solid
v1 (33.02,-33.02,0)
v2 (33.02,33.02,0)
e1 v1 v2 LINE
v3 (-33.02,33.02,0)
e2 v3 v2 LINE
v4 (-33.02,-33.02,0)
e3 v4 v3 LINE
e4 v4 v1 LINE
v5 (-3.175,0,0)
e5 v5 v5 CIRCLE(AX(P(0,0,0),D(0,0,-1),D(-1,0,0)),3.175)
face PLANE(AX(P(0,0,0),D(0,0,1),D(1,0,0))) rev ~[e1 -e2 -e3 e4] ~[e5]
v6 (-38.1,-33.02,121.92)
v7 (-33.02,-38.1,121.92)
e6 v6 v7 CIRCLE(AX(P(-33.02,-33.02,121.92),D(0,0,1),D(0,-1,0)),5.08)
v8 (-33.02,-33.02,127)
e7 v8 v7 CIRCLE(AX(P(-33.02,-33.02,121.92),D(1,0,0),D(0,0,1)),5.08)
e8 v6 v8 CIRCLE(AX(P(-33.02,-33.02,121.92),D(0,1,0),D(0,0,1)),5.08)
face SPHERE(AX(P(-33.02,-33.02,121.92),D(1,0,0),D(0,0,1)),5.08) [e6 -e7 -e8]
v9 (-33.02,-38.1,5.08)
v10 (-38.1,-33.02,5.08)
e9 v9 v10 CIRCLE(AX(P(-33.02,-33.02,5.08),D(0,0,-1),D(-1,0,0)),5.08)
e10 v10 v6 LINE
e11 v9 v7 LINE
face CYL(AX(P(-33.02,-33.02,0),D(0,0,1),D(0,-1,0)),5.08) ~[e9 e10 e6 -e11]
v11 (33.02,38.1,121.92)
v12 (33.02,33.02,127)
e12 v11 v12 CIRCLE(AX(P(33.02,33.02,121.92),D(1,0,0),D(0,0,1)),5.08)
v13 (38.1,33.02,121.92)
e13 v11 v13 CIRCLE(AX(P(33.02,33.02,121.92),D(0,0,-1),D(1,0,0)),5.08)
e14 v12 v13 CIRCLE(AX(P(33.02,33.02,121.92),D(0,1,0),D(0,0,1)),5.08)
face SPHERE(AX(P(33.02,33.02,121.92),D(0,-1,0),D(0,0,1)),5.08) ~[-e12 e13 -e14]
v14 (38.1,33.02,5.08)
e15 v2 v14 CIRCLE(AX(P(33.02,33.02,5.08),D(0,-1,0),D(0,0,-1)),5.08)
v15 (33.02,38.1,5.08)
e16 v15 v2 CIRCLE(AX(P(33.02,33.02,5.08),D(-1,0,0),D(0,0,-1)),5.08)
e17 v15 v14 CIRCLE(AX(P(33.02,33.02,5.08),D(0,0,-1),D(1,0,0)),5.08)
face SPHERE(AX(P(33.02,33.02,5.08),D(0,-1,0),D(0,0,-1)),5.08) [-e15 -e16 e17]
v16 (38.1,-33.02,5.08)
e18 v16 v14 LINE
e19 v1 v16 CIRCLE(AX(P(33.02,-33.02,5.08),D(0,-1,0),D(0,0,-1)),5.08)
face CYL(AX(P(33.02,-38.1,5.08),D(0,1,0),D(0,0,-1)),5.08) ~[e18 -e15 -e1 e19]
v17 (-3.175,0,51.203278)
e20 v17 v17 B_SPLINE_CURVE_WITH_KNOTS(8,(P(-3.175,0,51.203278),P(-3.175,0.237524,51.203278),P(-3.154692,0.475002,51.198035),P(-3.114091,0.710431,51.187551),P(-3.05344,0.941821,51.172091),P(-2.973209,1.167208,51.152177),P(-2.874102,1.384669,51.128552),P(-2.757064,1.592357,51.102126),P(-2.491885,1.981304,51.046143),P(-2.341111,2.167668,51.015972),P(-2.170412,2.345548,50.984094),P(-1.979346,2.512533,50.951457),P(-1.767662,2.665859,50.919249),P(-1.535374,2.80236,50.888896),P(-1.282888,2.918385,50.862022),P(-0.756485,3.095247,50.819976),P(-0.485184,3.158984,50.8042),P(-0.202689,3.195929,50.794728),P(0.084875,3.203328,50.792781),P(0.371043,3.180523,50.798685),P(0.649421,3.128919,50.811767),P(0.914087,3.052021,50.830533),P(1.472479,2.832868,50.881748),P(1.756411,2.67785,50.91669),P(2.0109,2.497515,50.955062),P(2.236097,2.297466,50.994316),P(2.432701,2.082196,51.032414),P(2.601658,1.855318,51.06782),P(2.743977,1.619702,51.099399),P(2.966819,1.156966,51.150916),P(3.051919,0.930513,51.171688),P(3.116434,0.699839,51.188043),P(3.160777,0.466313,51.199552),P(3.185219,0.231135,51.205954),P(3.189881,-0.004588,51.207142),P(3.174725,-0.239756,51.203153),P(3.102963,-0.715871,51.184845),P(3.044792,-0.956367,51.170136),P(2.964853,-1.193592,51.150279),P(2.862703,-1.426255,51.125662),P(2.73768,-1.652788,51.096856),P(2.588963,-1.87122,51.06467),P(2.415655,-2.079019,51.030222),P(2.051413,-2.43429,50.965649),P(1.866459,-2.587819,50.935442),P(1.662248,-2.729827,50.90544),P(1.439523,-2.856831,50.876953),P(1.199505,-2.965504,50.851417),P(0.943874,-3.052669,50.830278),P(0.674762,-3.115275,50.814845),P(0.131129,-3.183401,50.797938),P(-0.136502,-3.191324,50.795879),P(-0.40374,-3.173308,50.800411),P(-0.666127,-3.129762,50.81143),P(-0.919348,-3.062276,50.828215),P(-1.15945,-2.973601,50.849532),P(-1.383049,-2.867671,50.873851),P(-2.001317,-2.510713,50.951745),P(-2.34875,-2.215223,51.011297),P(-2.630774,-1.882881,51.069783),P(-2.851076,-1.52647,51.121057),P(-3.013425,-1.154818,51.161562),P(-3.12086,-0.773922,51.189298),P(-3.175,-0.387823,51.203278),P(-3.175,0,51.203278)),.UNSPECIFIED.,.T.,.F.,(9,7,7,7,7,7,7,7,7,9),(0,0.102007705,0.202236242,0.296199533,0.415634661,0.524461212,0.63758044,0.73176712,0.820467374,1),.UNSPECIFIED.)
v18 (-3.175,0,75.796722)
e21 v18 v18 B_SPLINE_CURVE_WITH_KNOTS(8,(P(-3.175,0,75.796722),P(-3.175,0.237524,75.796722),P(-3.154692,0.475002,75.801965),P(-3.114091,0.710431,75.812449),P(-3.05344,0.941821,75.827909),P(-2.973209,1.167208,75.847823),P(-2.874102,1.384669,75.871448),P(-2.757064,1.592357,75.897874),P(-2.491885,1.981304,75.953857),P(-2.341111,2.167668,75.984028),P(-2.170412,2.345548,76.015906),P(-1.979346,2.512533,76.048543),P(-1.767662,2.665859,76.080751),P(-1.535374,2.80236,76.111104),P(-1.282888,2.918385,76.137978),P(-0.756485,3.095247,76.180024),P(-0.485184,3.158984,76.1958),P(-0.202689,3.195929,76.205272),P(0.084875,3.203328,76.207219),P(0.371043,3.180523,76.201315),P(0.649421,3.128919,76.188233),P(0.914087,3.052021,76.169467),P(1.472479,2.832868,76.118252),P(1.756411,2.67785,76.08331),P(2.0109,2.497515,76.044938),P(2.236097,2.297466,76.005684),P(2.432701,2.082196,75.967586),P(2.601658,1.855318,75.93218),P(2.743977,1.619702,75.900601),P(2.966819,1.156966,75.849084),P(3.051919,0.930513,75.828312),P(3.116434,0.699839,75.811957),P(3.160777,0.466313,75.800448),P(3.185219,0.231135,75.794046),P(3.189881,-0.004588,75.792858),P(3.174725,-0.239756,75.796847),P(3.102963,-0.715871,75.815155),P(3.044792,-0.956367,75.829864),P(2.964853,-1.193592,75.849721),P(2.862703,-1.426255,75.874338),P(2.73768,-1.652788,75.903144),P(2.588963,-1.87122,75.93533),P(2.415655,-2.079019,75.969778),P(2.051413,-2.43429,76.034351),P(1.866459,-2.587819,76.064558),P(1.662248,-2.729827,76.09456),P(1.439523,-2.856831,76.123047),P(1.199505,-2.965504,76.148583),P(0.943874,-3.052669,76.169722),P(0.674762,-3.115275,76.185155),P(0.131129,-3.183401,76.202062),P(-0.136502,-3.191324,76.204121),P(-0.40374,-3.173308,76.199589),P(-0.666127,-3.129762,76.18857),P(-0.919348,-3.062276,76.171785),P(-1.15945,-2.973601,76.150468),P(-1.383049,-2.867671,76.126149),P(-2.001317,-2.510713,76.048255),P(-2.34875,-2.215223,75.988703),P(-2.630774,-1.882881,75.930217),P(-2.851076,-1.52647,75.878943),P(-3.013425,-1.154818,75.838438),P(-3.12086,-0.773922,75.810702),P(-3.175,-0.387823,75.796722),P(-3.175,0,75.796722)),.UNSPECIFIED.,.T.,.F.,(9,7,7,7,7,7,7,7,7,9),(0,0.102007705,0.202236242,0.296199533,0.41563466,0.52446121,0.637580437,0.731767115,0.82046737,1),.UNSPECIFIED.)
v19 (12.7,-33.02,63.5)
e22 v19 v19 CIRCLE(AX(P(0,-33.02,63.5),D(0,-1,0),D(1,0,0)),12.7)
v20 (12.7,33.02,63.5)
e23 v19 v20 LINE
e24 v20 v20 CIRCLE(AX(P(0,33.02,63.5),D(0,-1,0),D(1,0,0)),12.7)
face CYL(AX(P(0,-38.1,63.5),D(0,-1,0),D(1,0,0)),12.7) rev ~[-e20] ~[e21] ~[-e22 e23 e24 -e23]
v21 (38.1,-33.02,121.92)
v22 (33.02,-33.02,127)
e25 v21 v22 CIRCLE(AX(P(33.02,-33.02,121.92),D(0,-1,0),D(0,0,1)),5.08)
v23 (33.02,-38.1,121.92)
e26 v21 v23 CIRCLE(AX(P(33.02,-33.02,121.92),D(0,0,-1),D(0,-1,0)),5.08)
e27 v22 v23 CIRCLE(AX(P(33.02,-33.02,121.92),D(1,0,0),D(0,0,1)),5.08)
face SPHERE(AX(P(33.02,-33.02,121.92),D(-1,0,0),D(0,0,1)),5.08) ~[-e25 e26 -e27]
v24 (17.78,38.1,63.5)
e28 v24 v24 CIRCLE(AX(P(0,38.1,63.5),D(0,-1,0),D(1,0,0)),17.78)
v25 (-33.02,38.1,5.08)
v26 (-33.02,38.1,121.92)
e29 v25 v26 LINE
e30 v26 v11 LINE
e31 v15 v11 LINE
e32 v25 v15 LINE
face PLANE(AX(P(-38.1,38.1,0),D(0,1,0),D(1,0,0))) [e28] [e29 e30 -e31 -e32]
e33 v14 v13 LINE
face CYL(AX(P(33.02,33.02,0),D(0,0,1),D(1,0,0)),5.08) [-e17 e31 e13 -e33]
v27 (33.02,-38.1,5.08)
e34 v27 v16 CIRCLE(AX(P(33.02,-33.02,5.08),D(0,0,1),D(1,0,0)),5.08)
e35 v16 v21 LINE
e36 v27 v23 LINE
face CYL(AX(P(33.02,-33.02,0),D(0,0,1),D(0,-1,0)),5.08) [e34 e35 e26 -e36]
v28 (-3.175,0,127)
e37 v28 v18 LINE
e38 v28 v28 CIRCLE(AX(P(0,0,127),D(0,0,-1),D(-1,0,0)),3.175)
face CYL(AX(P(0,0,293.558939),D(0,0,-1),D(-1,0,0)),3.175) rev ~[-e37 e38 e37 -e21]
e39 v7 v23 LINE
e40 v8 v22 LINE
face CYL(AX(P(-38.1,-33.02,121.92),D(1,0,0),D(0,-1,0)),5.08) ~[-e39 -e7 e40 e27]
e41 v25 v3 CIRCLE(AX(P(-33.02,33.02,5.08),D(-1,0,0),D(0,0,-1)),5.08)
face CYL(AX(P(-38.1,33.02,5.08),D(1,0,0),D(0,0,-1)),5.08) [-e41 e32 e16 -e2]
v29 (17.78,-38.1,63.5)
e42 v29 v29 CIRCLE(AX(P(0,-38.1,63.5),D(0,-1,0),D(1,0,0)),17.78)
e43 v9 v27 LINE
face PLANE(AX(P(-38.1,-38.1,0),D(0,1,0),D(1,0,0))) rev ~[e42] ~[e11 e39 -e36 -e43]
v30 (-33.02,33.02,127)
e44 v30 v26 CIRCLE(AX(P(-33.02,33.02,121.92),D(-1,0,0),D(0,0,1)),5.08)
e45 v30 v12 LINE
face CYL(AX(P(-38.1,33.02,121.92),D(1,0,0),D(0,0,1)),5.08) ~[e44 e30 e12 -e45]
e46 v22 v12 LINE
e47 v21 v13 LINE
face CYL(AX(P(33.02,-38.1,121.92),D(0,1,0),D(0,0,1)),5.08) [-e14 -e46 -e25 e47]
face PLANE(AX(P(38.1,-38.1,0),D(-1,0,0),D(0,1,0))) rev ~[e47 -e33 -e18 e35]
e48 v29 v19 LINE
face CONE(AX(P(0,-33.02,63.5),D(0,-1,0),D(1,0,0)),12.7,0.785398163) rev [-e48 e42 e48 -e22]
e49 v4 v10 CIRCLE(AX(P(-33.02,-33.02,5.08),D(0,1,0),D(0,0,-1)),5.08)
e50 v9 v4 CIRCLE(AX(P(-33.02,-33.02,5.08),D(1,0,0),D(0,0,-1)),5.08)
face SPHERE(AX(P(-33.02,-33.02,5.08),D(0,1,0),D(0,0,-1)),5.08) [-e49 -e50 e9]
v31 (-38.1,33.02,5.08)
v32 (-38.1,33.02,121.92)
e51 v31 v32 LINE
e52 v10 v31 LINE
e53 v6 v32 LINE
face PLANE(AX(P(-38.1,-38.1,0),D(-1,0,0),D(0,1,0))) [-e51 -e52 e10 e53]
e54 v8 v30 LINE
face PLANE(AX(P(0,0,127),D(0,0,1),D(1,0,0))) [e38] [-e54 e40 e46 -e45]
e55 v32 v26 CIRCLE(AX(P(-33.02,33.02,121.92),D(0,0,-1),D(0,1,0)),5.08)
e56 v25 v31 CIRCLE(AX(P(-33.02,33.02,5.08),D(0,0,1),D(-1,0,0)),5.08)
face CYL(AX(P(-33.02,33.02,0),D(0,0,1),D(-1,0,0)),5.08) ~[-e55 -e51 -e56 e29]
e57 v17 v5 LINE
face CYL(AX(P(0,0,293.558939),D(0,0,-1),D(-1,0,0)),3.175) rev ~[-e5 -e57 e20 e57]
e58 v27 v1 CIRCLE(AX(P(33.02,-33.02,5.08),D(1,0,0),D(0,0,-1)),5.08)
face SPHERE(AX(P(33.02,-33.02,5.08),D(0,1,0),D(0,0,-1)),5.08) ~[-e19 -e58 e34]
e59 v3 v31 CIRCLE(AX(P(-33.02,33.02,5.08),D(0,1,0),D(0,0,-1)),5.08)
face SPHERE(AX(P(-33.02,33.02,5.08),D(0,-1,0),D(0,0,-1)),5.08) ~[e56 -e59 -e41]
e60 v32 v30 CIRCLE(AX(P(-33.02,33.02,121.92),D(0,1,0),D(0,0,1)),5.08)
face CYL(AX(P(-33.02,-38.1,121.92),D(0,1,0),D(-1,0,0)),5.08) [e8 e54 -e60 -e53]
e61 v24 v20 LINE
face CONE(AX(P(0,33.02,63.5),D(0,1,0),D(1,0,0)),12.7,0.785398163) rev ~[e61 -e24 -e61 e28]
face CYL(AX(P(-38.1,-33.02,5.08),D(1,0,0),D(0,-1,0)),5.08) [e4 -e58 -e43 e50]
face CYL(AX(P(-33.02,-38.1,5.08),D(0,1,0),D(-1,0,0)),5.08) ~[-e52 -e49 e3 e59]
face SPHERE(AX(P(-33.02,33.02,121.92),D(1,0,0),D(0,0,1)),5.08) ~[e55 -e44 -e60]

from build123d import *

# Parameters (mm, degrees)
F0_W     = 76.2
F0_H     = 76.2
F1_DEPTH = 127
F2_R     = 12.7
F3_DEPTH = 76.201
F4_SIZE  = 5.08
F5_R     = 5.08
F7_D     = 6.35


with BuildPart() as f1:
    # F0 (on Top) → F1 (new body)
    with BuildSketch(Plane.XY):
        Rectangle(F0_W, F0_H)
    extrude(amount=F1_DEPTH)

    # F2 (on face) → F3 (cut, through all)
    with BuildSketch(Plane.XZ.offset(38.1)):
        with Locations((0, 63.5)):
            Circle(F2_R)
    extrude(amount=-F3_DEPTH, mode=Mode.SUBTRACT)

    # F4
    f4_edges = [f1.edges().sort_by_distance(p)[0] for p in [
        (-12.7, -38.1, 63.5),
        (-12.7, 38.1, 63.5),
    ]]
    chamfer(f4_edges, length=F4_SIZE)

    # F5
    f5_edges = [f1.edges().sort_by_distance(p)[0] for p in [
        (0, -38.1, 127),
        (38.1, 0, 127),
        (0, 38.1, 127),
        (-38.1, 0, 127),
        (-38.1, 0, 0),
        (38.1, 0, 0),
        (0, 38.1, 0),
        (0, -38.1, 0),
        (38.1, -38.1, 63.5),
        (38.1, 38.1, 63.5),
        (-38.1, 38.1, 63.5),
        (-38.1, -38.1, 63.5),
    ]]
    fillet(f5_edges, radius=F5_R)

    # F7 (through all)
    with Locations(Plane.XY.offset(127)):
        with Locations((0, 0)):
            Hole(F7_D / 2)


solid = f1.part
